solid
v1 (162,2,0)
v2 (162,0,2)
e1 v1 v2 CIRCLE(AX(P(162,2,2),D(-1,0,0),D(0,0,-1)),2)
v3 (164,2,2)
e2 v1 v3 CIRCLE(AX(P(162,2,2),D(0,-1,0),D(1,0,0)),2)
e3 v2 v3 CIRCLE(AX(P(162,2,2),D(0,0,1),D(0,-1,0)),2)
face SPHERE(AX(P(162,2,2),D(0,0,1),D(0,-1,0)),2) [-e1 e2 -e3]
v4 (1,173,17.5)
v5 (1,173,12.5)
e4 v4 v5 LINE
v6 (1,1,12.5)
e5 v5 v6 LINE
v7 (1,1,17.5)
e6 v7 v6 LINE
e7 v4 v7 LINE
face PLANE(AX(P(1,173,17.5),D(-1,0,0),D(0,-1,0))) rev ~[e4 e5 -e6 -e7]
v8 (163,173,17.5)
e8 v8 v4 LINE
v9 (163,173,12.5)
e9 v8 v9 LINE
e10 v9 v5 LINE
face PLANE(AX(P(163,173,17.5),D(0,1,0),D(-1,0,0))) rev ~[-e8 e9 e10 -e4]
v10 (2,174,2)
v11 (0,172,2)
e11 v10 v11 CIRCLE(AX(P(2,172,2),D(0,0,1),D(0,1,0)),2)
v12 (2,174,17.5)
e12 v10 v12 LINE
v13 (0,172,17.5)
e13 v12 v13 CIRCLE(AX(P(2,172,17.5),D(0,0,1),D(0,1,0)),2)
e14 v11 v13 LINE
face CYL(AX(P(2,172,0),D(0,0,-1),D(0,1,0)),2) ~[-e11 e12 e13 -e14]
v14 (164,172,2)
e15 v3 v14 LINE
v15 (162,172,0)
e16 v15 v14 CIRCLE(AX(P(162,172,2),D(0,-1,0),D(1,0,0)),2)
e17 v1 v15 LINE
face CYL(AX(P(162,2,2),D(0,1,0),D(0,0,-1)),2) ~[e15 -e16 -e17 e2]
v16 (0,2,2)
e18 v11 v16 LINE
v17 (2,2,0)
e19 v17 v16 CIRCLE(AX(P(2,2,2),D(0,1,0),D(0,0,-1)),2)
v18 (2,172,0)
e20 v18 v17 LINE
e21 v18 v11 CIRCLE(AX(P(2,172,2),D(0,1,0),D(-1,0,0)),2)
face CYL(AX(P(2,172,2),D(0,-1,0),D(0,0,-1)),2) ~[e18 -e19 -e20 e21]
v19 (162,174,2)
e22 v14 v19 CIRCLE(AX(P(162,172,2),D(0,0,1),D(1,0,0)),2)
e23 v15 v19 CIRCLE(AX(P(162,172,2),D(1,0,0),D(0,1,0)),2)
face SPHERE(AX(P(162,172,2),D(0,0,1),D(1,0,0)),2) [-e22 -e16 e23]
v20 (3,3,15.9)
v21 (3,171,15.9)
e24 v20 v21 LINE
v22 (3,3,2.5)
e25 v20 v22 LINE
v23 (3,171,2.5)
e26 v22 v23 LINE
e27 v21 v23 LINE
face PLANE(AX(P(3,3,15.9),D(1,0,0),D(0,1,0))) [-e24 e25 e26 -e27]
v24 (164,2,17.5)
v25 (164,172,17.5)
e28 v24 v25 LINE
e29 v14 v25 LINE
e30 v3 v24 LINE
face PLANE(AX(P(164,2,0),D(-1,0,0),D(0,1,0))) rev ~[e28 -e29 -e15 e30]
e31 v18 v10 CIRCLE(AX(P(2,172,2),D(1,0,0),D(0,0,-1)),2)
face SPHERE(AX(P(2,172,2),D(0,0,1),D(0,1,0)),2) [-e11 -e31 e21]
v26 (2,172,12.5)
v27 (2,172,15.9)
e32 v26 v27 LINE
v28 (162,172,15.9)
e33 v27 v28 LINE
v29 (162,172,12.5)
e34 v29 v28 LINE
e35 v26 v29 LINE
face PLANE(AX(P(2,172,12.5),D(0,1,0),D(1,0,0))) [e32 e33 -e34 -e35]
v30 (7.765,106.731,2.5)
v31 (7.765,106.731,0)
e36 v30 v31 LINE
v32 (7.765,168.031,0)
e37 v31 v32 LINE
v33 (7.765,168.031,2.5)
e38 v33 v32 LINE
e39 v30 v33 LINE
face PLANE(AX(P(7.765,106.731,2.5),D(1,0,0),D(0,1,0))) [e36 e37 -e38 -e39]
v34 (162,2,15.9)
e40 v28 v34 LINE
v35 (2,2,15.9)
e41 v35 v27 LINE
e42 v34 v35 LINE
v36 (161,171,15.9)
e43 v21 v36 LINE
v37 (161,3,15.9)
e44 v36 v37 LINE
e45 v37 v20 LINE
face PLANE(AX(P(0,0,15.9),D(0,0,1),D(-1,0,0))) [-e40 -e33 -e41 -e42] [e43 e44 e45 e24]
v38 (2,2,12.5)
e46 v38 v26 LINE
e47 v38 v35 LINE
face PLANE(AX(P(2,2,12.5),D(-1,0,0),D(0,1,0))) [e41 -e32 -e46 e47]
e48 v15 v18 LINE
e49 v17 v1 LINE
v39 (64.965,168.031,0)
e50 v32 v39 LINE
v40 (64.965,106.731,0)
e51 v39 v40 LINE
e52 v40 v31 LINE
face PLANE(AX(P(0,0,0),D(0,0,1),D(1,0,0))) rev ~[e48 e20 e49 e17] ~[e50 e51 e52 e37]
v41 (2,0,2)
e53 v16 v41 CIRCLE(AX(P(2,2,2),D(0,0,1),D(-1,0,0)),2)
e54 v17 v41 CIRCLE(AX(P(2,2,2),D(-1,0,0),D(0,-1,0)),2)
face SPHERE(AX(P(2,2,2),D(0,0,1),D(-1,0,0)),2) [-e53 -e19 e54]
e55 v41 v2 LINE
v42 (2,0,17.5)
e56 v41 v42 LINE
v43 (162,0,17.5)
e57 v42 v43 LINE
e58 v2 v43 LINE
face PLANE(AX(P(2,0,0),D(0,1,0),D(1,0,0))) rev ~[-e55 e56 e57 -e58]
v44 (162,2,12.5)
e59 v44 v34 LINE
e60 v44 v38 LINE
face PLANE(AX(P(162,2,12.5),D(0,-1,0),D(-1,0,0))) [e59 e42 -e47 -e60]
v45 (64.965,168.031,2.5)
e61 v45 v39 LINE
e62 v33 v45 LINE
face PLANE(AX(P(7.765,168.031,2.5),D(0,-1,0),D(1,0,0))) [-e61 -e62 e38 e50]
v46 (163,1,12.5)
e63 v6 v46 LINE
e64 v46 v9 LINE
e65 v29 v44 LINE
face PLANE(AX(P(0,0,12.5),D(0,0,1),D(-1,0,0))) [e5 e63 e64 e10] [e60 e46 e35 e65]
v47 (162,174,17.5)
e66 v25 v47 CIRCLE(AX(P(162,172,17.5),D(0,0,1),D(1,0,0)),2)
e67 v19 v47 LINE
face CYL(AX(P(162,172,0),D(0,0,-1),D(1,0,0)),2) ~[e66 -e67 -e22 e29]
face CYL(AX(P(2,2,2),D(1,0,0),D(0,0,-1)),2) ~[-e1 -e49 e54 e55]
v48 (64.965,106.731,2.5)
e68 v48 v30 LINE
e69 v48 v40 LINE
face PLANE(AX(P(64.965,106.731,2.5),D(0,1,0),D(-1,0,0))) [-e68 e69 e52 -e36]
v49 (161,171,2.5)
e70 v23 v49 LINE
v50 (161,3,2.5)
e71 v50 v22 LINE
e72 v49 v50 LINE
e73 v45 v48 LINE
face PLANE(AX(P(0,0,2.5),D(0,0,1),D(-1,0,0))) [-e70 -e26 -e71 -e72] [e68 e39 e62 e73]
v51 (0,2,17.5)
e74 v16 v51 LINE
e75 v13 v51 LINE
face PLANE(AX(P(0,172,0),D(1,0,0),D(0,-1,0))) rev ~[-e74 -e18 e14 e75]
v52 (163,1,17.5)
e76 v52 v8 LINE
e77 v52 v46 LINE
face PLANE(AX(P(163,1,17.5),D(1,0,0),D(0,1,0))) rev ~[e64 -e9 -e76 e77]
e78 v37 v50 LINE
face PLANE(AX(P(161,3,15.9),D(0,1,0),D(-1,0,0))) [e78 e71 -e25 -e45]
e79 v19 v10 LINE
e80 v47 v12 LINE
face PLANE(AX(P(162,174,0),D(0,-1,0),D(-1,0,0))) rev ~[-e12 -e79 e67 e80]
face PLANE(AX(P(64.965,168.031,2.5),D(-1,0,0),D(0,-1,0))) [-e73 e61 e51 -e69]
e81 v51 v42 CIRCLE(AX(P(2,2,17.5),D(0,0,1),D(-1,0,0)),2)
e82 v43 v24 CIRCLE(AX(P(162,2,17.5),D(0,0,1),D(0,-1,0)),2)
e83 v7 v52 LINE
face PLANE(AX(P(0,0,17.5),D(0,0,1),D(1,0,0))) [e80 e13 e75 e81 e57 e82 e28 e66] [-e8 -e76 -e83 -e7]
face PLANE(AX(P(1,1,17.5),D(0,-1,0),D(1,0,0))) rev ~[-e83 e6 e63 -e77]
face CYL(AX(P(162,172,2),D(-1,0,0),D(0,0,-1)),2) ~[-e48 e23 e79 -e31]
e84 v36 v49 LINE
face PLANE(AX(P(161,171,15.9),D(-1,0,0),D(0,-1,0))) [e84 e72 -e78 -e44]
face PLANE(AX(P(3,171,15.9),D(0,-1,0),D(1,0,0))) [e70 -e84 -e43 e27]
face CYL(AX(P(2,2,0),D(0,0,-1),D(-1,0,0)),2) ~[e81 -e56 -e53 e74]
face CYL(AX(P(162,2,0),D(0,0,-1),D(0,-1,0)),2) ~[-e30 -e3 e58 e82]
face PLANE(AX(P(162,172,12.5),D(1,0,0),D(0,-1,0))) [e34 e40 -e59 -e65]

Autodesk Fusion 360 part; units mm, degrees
sketch "Sketch1" plane through (0, 0, 0) normal (0, 0, 1) x (1, 0, 0)
  line L0 (2, 0) -> (162, 0)
  line L1 (164, 2) -> (164, 172)
  line L2 (162, 174) -> (2, 174)
  line L3 (0, 172) -> (0, 2)
  arc A0 (2, 174) -> (0, 172) centre (2, 172) ccw
  arc A1 (164, 172) -> (162, 174) centre (162, 172) ccw
  arc A2 (0, 2) -> (2, 0) centre (2, 2) ccw
  arc A3 (162, 0) -> (164, 2) centre (162, 2) ccw
  point P0 (164, 0)
  point P1 (0, 174)
  dimension "d1" = 164
  dimension "d2" = 174
  dimension "d3" = 2
  dimension "d4" = 2
  dimension "d5" = 2
  dimension "d6" = 2
extrude "Extrude1" add sketch "Sketch1" along normal blind 17.5
sketch "Sketch2" plane through (0, 0, 17.5) normal (0, 0, 1) x (-1, 0, 0)
  arc A0 (-162, 0) -> (-164, -2) centre (-162, -2) ccw
  line L0 (-164, -2) -> (-164, -172)
  arc A1 (-164, -172) -> (-162, -174) centre (-162, -172) ccw
  line L1 (-162, -174) -> (-2, -174)
  arc A2 (-2, -174) -> (0, -172) centre (-2, -172) ccw
  line L2 (0, -172) -> (0, -2)
  arc A3 (0, -2) -> (-2, 0) centre (-2, -2) ccw
  line L3 (-2, 0) -> (-162, 0)
  line L4 (-1, -1) -> (-163, -1)
  line L5 (-163, -1) -> (-163, -173)
  line L6 (-163, -173) -> (-1, -173)
  line L7 (-1, -173) -> (-1, -1)
  dimension "d9" = 162
  dimension "d10" = 172
  dimension "d11" = 1
  dimension "d12" = 1
extrude "Extrude2" cut sketch "Sketch2" against normal blind 5 contours L4 L5 L6 L7
sketch "Sketch3" plane through (0, 0, 12.5) normal (0, 0, 1) x (-1, 0, 0)
  line L0 (-1, -173) -> (-1, -1)
  line L1 (-1, -1) -> (-163, -1)
  line L2 (-163, -1) -> (-163, -173)
  line L3 (-163, -173) -> (-1, -173)
  line L4 (-2, -172) -> (-162, -172)
  line L5 (-162, -172) -> (-162, -2)
  line L6 (-162, -2) -> (-2, -2)
  line L7 (-2, -2) -> (-2, -172)
  dimension "d15" = 160
  dimension "d16" = 170
  dimension "d17" = 1
  dimension "d18" = 1
extrude "Extrude3" add sketch "Sketch3" along normal blind 3.4 contours L4 L5 L6 L7
sketch "Sketch5" plane through (0, 0, 15.9) normal (0, 0, 1) x (-1, 0, 0)
  line L0 (-2, -2) -> (-162, -2)
  line L1 (-162, -2) -> (-162, -172)
  line L2 (-162, -172) -> (-2, -172)
  line L3 (-2, -172) -> (-2, -2)
  line L4 (-3, -171) -> (-161, -171)
  line L5 (-161, -171) -> (-161, -3)
  line L6 (-161, -3) -> (-3, -3)
  line L7 (-3, -3) -> (-3, -171)
  dimension "d27" = 158
  dimension "d28" = 168
  dimension "d29" = 1
  dimension "d30" = 1
extrude "Extrude5" cut sketch "Sketch5" against normal blind 13.4 contours L4 L5 L6 L7
sketch "Sketch6" plane through (0, 0, 2.5) normal (0, 0, 1) x (-1, 0, 0)
  line L0 (-3, -3) -> (-161, -3)
  line L1 (-161, -3) -> (-161, -171)
  line L2 (-161, -171) -> (-3, -171)
  line L3 (-3, -171) -> (-3, -3)
  line L4 (-7.765, -168.031) -> (-64.965, -168.031)
  line L5 (-64.965, -168.031) -> (-64.965, -106.731)
  line L6 (-64.965, -106.731) -> (-7.765, -106.731)
  line L7 (-7.765, -106.731) -> (-7.765, -168.031)
  line L8 (0, -172) -> (0, -2)
  line L9 (-162, -174) -> (-2, -174)
  dimension "d33" = 57.2
  dimension "d34" = 61.3
  dimension "d35" = 7.765
  dimension "d36" = 5.969
extrude "Extrude6" cut sketch "Sketch6" against normal blind 2.5 contours L4 L5 L6 L7
fillet "Fillet1" radius 2 8 edges at (163.4142, 173.4142, 0) (82, 174, 0) (0.5858, 173.4142, 0) (0, 87, 0) (0.5858, 0.5858, 0) (82, 0, 0) (163.4142, 0.5858, 0) (164, 87, 0)
